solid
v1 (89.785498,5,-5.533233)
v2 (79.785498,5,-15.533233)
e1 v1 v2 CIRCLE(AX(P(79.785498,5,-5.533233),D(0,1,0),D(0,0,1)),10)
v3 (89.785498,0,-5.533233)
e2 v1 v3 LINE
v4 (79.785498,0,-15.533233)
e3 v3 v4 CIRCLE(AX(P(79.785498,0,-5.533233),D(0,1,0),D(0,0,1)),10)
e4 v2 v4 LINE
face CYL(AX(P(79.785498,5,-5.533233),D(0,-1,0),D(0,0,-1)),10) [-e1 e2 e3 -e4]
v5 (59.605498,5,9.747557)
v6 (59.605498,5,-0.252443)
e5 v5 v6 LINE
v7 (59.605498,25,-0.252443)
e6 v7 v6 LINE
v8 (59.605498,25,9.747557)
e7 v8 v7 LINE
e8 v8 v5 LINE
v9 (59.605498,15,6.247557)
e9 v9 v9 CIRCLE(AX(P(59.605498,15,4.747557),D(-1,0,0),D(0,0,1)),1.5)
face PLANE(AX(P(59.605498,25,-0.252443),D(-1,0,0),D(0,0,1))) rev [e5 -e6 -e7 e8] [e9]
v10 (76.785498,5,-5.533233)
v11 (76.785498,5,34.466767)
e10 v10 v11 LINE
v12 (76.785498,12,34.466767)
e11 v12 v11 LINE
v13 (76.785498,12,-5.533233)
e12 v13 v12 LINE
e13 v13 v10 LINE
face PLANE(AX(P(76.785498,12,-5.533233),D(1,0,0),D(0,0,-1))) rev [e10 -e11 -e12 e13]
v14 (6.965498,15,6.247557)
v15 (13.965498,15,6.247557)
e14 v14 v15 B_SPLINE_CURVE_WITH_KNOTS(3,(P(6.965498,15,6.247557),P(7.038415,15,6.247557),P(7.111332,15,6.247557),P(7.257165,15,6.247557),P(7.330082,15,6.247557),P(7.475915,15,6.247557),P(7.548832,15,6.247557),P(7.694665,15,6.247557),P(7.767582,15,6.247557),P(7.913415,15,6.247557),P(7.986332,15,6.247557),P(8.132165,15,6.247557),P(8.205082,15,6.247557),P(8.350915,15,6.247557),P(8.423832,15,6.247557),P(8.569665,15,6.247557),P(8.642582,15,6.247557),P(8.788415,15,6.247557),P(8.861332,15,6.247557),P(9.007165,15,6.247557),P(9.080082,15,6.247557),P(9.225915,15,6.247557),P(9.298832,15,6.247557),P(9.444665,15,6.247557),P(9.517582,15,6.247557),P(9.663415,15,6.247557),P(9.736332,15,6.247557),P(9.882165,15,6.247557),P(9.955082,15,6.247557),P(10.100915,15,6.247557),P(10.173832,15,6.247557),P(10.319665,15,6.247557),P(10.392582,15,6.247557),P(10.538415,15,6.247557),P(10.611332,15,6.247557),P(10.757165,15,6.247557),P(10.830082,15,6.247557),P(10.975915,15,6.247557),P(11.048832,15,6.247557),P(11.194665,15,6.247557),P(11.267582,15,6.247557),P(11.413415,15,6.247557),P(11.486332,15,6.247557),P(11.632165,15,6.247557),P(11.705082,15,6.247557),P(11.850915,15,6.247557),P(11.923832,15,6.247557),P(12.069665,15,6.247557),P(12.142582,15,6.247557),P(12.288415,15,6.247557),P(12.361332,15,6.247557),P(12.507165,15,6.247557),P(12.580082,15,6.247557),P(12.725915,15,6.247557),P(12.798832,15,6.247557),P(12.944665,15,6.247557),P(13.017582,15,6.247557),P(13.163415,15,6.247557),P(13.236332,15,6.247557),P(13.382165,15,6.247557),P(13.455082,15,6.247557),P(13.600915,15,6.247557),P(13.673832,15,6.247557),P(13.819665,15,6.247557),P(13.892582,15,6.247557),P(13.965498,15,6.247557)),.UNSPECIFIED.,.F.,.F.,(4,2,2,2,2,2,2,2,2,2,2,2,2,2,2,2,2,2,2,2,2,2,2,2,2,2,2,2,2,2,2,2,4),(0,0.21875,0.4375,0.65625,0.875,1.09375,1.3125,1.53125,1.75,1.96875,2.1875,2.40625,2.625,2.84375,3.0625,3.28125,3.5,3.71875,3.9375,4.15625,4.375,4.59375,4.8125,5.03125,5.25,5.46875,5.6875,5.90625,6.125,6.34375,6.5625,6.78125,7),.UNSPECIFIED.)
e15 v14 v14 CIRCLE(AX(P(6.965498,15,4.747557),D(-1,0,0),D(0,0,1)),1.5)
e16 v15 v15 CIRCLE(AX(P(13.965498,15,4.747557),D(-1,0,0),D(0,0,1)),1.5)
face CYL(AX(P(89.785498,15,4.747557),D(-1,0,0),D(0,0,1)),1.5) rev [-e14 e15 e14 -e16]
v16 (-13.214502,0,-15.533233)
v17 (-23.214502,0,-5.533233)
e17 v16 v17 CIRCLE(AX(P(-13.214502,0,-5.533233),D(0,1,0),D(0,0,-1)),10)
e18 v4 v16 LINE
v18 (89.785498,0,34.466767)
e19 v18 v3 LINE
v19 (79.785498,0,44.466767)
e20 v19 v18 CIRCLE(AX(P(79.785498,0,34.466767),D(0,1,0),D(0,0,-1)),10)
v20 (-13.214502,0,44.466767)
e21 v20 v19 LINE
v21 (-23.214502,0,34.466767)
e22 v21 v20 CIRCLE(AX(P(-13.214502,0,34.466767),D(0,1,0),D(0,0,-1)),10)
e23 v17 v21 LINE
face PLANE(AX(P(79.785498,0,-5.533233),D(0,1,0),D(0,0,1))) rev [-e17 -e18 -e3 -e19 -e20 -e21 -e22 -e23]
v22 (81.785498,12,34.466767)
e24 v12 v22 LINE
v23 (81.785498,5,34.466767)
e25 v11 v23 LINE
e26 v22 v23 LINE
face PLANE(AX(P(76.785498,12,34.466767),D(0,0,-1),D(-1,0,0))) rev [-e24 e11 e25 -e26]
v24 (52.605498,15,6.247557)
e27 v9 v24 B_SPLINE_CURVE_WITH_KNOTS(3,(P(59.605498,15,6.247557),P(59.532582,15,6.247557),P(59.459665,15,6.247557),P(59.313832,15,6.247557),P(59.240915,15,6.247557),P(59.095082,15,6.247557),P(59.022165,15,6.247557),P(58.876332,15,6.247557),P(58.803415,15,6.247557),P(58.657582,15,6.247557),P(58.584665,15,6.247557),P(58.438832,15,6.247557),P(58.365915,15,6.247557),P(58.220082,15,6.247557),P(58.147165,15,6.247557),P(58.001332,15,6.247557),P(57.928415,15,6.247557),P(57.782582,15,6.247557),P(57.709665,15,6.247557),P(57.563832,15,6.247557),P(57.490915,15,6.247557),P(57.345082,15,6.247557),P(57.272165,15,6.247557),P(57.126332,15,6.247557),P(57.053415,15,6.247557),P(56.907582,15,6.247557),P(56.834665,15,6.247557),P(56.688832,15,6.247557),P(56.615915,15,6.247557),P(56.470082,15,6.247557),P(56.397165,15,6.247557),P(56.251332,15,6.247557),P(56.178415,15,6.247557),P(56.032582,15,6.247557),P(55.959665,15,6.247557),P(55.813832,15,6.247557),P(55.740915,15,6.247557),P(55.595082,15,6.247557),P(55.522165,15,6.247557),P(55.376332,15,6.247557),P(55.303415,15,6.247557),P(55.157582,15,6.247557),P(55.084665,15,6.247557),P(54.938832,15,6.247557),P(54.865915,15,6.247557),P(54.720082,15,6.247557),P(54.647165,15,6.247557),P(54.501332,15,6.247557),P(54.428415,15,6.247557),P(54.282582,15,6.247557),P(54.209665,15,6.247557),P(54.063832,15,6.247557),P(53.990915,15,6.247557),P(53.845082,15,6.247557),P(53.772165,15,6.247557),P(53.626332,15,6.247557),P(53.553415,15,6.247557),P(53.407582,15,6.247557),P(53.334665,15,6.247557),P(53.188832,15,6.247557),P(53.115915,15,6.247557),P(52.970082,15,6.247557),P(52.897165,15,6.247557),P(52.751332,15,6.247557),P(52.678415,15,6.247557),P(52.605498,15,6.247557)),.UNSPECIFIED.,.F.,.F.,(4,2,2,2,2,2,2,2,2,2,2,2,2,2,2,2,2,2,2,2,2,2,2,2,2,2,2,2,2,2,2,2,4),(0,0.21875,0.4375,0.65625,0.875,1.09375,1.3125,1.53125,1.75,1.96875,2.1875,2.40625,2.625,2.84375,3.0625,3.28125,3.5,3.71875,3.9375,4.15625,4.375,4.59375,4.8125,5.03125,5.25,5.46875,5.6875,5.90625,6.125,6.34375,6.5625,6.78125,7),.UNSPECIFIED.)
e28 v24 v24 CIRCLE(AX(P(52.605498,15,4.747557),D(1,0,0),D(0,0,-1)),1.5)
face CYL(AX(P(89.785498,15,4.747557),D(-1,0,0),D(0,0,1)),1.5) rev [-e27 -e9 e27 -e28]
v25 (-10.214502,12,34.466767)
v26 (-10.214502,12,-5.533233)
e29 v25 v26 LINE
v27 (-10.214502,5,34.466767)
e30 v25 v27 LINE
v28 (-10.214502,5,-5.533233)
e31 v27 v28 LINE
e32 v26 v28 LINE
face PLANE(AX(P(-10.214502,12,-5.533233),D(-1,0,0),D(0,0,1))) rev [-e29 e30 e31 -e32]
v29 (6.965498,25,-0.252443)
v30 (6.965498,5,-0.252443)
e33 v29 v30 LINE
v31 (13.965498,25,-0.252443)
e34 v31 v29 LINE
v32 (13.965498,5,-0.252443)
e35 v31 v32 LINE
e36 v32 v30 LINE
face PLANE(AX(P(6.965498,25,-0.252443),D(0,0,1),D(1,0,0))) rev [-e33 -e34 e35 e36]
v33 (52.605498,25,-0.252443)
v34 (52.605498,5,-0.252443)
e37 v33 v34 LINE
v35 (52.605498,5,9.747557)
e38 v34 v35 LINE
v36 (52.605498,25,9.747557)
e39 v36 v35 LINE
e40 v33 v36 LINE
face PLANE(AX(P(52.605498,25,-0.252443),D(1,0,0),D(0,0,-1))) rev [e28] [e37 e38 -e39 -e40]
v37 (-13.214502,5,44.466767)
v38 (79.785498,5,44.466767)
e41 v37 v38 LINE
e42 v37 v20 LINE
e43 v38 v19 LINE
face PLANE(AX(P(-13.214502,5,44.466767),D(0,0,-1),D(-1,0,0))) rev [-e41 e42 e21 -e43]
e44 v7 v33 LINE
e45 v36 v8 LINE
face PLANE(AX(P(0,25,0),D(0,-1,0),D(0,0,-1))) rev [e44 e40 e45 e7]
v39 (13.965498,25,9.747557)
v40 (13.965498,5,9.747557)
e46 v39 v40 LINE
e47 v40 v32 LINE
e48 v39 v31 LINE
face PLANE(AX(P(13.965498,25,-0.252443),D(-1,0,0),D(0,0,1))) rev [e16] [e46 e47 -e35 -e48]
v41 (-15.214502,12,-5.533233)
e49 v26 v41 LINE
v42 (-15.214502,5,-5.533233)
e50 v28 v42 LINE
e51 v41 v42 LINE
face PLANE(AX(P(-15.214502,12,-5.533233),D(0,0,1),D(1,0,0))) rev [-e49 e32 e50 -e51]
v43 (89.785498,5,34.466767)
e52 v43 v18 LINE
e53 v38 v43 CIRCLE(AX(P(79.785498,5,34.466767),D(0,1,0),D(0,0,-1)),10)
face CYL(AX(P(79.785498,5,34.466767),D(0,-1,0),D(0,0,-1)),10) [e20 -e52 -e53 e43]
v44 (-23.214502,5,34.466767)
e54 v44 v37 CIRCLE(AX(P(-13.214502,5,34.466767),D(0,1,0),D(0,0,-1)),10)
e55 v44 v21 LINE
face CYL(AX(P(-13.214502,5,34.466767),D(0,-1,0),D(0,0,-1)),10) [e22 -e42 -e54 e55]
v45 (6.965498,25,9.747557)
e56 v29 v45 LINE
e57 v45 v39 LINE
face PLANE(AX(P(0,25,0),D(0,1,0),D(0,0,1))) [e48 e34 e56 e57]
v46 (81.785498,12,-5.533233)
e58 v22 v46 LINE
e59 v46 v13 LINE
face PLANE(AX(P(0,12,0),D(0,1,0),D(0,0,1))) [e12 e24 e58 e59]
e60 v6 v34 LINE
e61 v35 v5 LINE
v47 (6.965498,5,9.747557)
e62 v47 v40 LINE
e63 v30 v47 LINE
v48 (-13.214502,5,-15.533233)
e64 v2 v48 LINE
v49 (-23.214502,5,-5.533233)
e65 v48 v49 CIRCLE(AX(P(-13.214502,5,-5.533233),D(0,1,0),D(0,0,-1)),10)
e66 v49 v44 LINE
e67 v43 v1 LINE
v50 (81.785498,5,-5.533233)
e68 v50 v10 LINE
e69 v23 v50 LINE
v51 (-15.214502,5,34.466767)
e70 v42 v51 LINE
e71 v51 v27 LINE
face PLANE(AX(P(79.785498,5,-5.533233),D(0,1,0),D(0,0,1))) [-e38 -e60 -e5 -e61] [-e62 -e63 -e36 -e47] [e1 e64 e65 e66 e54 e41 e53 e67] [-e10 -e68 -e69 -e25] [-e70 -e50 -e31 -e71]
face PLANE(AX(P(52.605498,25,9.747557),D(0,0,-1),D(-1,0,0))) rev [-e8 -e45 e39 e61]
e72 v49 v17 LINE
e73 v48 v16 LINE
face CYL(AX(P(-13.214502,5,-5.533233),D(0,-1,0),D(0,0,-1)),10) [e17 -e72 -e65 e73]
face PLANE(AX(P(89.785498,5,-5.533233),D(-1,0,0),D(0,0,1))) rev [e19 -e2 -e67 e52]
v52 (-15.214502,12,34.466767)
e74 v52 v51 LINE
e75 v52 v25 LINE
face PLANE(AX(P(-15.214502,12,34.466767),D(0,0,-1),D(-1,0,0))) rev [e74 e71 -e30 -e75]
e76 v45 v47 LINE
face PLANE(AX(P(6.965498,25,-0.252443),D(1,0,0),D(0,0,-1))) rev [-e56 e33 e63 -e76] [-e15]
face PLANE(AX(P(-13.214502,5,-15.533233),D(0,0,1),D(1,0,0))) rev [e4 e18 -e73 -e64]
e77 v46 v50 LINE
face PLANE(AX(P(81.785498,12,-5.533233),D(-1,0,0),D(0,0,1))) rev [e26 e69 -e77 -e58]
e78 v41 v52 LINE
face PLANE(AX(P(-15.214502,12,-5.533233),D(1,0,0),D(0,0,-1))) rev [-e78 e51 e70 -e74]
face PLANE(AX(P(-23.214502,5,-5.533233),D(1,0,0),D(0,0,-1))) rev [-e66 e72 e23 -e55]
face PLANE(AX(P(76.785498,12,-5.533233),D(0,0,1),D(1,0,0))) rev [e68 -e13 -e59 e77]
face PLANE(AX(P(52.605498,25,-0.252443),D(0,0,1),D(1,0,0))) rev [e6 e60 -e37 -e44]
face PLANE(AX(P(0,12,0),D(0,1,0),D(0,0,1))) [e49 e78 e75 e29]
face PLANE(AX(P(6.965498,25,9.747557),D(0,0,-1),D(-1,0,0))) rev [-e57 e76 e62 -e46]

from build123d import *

# Parameters (mm, degrees)
RESSALTO_EXTRUS_O1_DEPTH = 5
ESBO_O2_W                = 7
ESBO_O2_H                = 10
RESSALTO_EXTRUS_O2_DEPTH = 20
ESBO_O4_R                = 1.5
CORTE_EXTRUS_O1_DEPTH    = 98.269963506
ESBO_O5_W                = 5
ESBO_O5_H                = 40
RESSALTO_EXTRUS_O3_DEPTH = 7


with BuildPart() as part:
    # Esboço1 → Ressalto-extrusão1 (new body)
    with BuildSketch(Plane(origin=(0, 0, 0), x_dir=(1, 0, 0), z_dir=(0, 1, 0))):
        with BuildLine():
            Line((-13.214501511, 15.533232628), (79.785498489, 15.533232628))
            ThreePointArc((79.785498489, 15.533232628), (86.856566301, 12.60430044), (89.785498489, 5.533232628))
            Line((89.785498489, 5.533232628), (89.785498489, -34.466767372))
            ThreePointArc((89.785498489, -34.466767372), (86.856566301, -41.537835183), (79.785498489, -44.466767372))
            Line((79.785498489, -44.466767372), (-13.214501511, -44.466767372))
            ThreePointArc((-13.214501511, -44.466767372), (-20.285569322, -41.537835183), (-23.214501511, -34.466767372))
            Line((-23.214501511, -34.466767372), (-23.214501511, 5.533232628))
            ThreePointArc((-23.214501511, 5.533232628), (-20.285569322, 12.60430044), (-13.214501511, 15.533232628))
        make_face()
    extrude(amount=RESSALTO_EXTRUS_O1_DEPTH)

    # Esboço2 → Ressalto-extrusão2 (add)
    with BuildSketch(Plane(origin=(0, 5, 0), x_dir=(1, 0, 0), z_dir=(0, 1, 0))):
        with Locations((56.105498489, -4.747557162)):
            Rectangle(ESBO_O2_W, ESBO_O2_H)
        with Locations((10.465498489, -4.747557162)):
            Rectangle(ESBO_O2_W, ESBO_O2_H)
    extrude(amount=RESSALTO_EXTRUS_O2_DEPTH)

    # Esboço4 → Corte-extrusão1 (cut, through all)
    with BuildSketch(Plane.ZY.offset(-6.965498489)):
        with Locations((4.747557162, 15)):
            Circle(ESBO_O4_R)
    extrude(amount=-CORTE_EXTRUS_O1_DEPTH, mode=Mode.SUBTRACT)

    # Esboço5 → Ressalto-extrusão3 (add)
    with BuildSketch(Plane(origin=(0, 5, 0), x_dir=(1, 0, 0), z_dir=(0, 1, 0))):
        with Locations((-12.714501511, -14.466767372)):
            Rectangle(ESBO_O5_W, ESBO_O5_H)
        with Locations((79.285498489, -14.466767372)):
            Rectangle(ESBO_O5_W, ESBO_O5_H)
    extrude(amount=RESSALTO_EXTRUS_O3_DEPTH)


solid = part.part
